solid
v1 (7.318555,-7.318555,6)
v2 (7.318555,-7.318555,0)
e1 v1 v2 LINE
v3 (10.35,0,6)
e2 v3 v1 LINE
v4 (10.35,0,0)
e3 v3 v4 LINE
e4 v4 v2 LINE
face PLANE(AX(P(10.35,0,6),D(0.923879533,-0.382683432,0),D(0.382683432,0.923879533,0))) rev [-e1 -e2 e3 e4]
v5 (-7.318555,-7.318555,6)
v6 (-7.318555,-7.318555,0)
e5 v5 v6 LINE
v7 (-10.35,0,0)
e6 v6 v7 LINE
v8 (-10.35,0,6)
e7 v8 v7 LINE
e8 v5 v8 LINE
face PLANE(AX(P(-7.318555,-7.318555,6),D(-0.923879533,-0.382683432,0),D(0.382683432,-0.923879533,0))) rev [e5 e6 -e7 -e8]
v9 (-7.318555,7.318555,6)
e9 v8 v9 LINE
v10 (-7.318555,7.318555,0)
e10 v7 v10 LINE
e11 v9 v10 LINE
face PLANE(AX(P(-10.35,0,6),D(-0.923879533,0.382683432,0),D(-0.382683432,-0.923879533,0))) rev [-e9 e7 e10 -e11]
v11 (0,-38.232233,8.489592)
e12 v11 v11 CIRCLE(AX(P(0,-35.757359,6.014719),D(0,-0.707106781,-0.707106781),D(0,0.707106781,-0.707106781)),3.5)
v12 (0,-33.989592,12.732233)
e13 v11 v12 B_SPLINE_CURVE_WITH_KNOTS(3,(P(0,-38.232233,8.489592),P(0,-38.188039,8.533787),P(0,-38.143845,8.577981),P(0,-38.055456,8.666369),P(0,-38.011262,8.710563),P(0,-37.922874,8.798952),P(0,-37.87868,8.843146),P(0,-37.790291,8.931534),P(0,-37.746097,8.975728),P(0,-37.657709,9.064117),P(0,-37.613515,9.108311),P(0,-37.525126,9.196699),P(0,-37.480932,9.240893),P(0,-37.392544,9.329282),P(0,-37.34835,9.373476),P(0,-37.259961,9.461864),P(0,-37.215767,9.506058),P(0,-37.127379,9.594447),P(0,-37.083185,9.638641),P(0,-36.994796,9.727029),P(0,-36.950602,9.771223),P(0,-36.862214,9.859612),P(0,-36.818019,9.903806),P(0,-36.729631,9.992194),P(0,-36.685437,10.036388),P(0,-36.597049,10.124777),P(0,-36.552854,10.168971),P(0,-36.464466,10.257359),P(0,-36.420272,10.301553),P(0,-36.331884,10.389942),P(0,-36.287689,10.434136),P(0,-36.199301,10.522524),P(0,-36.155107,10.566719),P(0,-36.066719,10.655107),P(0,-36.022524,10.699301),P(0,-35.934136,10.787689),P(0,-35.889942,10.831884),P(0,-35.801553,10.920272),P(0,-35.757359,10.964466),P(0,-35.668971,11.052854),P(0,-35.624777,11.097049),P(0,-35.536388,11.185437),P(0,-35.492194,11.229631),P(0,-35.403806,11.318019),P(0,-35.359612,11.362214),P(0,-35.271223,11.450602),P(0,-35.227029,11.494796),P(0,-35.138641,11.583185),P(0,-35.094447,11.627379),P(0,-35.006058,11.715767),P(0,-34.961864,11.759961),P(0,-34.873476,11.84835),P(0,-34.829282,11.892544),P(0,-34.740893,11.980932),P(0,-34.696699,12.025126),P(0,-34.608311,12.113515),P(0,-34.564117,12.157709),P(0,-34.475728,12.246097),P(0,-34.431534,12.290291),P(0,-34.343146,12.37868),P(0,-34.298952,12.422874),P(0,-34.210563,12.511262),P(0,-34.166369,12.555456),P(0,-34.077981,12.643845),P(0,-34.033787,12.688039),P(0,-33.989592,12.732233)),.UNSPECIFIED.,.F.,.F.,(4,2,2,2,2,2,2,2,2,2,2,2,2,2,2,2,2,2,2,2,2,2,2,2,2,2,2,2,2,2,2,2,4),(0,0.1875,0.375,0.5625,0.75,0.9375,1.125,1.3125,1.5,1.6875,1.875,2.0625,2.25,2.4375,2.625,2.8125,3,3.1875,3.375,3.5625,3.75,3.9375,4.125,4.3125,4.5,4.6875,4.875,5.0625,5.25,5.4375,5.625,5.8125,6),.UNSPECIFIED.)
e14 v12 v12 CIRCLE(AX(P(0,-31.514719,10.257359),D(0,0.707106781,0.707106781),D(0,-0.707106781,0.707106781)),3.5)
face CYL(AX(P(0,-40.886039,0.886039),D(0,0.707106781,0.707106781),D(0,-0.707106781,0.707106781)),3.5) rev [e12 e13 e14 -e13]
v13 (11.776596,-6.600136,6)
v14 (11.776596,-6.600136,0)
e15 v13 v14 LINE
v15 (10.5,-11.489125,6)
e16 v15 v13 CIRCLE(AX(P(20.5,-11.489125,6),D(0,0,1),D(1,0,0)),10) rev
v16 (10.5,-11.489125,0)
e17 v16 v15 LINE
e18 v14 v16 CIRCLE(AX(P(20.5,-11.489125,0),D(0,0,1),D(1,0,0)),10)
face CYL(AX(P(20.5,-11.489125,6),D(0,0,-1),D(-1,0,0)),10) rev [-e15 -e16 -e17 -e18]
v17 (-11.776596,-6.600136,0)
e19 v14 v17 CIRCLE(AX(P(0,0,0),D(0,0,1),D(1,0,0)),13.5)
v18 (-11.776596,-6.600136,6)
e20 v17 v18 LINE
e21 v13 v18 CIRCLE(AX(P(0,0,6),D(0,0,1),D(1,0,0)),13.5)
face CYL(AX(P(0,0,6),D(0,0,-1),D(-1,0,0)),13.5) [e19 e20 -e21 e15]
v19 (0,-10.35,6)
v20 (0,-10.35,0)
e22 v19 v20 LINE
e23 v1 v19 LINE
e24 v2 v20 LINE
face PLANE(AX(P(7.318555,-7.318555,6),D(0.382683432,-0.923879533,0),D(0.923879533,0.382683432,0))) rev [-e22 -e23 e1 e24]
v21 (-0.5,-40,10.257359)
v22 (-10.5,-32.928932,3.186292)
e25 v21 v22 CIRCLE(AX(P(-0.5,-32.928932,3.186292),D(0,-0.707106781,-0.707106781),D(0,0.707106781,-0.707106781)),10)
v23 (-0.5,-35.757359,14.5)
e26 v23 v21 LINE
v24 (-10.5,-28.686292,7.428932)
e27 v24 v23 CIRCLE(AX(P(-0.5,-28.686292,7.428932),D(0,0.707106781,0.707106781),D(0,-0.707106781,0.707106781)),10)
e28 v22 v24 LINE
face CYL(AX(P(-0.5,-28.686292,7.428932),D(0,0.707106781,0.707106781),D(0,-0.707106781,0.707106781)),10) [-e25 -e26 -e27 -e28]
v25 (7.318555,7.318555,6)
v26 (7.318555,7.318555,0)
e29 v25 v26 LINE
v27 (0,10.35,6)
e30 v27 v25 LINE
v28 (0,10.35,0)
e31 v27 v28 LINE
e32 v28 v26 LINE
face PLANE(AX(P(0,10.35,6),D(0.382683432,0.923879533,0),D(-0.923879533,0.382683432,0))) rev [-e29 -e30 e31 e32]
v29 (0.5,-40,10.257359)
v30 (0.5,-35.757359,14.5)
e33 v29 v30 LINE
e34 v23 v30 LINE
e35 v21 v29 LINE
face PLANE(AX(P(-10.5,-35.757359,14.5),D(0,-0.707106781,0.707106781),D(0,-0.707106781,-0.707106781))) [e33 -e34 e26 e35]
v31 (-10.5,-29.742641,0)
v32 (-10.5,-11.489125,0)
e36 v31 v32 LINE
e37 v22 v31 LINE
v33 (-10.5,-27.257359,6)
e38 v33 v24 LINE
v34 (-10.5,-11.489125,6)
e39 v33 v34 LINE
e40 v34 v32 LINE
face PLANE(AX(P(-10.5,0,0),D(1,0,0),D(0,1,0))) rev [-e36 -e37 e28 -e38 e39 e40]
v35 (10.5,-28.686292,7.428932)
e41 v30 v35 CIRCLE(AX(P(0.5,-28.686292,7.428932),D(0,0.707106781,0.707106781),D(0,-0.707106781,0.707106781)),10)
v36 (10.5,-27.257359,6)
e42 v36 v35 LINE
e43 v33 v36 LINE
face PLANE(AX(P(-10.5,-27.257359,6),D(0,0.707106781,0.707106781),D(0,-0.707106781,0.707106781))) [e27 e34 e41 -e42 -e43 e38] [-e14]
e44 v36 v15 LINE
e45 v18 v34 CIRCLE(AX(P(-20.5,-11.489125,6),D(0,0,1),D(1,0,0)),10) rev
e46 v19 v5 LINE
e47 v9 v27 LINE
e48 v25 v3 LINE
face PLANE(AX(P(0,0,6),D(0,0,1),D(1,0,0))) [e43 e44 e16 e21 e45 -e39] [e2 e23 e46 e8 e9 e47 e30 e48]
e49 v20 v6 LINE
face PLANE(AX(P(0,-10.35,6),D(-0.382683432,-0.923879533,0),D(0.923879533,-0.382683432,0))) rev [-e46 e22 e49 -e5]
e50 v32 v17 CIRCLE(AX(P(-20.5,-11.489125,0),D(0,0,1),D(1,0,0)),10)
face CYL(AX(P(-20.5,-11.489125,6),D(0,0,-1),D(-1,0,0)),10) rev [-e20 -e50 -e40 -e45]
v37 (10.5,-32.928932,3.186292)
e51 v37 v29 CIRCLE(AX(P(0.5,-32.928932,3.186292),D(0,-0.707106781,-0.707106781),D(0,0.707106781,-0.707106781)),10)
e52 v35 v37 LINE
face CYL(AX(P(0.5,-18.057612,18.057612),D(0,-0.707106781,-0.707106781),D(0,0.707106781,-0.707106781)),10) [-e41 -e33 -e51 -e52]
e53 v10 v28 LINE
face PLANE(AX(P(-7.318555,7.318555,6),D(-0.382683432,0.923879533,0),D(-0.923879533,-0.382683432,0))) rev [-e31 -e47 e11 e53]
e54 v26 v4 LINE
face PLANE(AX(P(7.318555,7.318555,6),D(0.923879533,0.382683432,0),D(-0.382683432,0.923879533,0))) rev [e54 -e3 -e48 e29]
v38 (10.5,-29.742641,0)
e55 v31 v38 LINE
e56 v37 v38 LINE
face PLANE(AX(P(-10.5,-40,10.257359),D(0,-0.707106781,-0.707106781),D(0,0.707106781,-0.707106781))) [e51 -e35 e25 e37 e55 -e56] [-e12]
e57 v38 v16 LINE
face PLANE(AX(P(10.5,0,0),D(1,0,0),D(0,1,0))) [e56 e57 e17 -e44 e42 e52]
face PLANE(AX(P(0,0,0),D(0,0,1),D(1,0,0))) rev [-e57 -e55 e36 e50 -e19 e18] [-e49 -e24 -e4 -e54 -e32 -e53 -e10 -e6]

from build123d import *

# Parameters (mm, degrees)
SKETCH_1_R               = 13.5
EXTRUDE_1_DEPTH          = 6
EXTRUDE_START            = -6
EXTRUDE_2_DEPTH          = 6
EXTRUDE_3_DEPTH          = 21
SKETCH_5_R               = 3.5
CUT_EXTRUDE_1_DEPTH      = 41.943558712
CUT_EXTRUDE_3_DEPTH      = 49.849257927
CUT_EXTRUDE_3_DEPTH_BACK = 49.849257927
FILLET_3_R               = 10


with BuildPart() as part:
    # 草图1 → 凸台-拉伸1 (new body)
    with BuildSketch(Plane.XY):
        Circle(SKETCH_1_R)
        Polygon((10.35, 0), (7.318555185, -7.318555185), (0, -10.35), (-7.318555185, -7.318555185), (-10.35, 0), (-7.318555185, 7.318555185), (0, 10.35), (7.318555185, 7.318555185), align=None, mode=Mode.SUBTRACT)
    extrude(amount=EXTRUDE_1_DEPTH)

    # 草图2 → 凸台-拉伸2 (add)
    with BuildSketch(Plane.XY.offset(6).offset(EXTRUDE_START)):
        with BuildLine():
            Line((-10.5, -8.485281374), (-10.5, -30))
            Line((-10.5, -30), (10.5, -30))
            Line((10.5, -30), (10.5, -8.485281374))
            ThreePointArc((10.5, -8.485281374), (0, -13.5), (-10.5, -8.485281374))
        make_face()
    extrude(amount=EXTRUDE_2_DEPTH)

    # 草图4 → 凸台-拉伸3 (add)
    with BuildSketch(Plane(origin=(10.5, 0, 0), x_dir=(0, 0, -1), z_dir=(1, 0, 0))):
        Polygon((-6, -27.257359313), (-14.5, -35.757359313), (-10.257359313, -40), (0, -29.742640687), align=None)
    extrude(amount=-EXTRUDE_3_DEPTH)

    # 草图5 → 切除-拉伸1 (cut, through all)
    with BuildSketch(Plane(origin=(0, -10.628679656, -10.628679656), x_dir=(1, 0, 0), z_dir=(0, 0.7071067811865436, 0.7071067811865515))):
        with Locations(Location((0, -29.537319575, 0), (0, 0, 270))):
            Circle(SKETCH_5_R)
    extrude(amount=-CUT_EXTRUDE_1_DEPTH, mode=Mode.SUBTRACT)

    # 草图6 → 切除-拉伸3 (cut, two sides: drawn at the far end of the back side and taken through both)
    with BuildSketch(Plane(origin=(10.5, 0, 0), x_dir=(0, 0, -1), z_dir=(1, 0, 0)).offset(-CUT_EXTRUDE_3_DEPTH_BACK)):
        Polygon((0, -29.742640687), (-0.257359313, -30), (0, -30), align=None)
    extrude(amount=CUT_EXTRUDE_3_DEPTH + CUT_EXTRUDE_3_DEPTH_BACK, mode=Mode.SUBTRACT)

    # 圆角3
    fillet_3_edges = [part.edges().sort_by_distance(p)[0] for p in [
        (-10.5, -8.485281374, 3),
        (10.5, -8.485281374, 3),
        (-10.5, -37.878679656, 12.378679656),
        (10.5, -37.878679656, 12.378679656),
    ]]
    fillet(fillet_3_edges, radius=FILLET_3_R)


solid = part.part
